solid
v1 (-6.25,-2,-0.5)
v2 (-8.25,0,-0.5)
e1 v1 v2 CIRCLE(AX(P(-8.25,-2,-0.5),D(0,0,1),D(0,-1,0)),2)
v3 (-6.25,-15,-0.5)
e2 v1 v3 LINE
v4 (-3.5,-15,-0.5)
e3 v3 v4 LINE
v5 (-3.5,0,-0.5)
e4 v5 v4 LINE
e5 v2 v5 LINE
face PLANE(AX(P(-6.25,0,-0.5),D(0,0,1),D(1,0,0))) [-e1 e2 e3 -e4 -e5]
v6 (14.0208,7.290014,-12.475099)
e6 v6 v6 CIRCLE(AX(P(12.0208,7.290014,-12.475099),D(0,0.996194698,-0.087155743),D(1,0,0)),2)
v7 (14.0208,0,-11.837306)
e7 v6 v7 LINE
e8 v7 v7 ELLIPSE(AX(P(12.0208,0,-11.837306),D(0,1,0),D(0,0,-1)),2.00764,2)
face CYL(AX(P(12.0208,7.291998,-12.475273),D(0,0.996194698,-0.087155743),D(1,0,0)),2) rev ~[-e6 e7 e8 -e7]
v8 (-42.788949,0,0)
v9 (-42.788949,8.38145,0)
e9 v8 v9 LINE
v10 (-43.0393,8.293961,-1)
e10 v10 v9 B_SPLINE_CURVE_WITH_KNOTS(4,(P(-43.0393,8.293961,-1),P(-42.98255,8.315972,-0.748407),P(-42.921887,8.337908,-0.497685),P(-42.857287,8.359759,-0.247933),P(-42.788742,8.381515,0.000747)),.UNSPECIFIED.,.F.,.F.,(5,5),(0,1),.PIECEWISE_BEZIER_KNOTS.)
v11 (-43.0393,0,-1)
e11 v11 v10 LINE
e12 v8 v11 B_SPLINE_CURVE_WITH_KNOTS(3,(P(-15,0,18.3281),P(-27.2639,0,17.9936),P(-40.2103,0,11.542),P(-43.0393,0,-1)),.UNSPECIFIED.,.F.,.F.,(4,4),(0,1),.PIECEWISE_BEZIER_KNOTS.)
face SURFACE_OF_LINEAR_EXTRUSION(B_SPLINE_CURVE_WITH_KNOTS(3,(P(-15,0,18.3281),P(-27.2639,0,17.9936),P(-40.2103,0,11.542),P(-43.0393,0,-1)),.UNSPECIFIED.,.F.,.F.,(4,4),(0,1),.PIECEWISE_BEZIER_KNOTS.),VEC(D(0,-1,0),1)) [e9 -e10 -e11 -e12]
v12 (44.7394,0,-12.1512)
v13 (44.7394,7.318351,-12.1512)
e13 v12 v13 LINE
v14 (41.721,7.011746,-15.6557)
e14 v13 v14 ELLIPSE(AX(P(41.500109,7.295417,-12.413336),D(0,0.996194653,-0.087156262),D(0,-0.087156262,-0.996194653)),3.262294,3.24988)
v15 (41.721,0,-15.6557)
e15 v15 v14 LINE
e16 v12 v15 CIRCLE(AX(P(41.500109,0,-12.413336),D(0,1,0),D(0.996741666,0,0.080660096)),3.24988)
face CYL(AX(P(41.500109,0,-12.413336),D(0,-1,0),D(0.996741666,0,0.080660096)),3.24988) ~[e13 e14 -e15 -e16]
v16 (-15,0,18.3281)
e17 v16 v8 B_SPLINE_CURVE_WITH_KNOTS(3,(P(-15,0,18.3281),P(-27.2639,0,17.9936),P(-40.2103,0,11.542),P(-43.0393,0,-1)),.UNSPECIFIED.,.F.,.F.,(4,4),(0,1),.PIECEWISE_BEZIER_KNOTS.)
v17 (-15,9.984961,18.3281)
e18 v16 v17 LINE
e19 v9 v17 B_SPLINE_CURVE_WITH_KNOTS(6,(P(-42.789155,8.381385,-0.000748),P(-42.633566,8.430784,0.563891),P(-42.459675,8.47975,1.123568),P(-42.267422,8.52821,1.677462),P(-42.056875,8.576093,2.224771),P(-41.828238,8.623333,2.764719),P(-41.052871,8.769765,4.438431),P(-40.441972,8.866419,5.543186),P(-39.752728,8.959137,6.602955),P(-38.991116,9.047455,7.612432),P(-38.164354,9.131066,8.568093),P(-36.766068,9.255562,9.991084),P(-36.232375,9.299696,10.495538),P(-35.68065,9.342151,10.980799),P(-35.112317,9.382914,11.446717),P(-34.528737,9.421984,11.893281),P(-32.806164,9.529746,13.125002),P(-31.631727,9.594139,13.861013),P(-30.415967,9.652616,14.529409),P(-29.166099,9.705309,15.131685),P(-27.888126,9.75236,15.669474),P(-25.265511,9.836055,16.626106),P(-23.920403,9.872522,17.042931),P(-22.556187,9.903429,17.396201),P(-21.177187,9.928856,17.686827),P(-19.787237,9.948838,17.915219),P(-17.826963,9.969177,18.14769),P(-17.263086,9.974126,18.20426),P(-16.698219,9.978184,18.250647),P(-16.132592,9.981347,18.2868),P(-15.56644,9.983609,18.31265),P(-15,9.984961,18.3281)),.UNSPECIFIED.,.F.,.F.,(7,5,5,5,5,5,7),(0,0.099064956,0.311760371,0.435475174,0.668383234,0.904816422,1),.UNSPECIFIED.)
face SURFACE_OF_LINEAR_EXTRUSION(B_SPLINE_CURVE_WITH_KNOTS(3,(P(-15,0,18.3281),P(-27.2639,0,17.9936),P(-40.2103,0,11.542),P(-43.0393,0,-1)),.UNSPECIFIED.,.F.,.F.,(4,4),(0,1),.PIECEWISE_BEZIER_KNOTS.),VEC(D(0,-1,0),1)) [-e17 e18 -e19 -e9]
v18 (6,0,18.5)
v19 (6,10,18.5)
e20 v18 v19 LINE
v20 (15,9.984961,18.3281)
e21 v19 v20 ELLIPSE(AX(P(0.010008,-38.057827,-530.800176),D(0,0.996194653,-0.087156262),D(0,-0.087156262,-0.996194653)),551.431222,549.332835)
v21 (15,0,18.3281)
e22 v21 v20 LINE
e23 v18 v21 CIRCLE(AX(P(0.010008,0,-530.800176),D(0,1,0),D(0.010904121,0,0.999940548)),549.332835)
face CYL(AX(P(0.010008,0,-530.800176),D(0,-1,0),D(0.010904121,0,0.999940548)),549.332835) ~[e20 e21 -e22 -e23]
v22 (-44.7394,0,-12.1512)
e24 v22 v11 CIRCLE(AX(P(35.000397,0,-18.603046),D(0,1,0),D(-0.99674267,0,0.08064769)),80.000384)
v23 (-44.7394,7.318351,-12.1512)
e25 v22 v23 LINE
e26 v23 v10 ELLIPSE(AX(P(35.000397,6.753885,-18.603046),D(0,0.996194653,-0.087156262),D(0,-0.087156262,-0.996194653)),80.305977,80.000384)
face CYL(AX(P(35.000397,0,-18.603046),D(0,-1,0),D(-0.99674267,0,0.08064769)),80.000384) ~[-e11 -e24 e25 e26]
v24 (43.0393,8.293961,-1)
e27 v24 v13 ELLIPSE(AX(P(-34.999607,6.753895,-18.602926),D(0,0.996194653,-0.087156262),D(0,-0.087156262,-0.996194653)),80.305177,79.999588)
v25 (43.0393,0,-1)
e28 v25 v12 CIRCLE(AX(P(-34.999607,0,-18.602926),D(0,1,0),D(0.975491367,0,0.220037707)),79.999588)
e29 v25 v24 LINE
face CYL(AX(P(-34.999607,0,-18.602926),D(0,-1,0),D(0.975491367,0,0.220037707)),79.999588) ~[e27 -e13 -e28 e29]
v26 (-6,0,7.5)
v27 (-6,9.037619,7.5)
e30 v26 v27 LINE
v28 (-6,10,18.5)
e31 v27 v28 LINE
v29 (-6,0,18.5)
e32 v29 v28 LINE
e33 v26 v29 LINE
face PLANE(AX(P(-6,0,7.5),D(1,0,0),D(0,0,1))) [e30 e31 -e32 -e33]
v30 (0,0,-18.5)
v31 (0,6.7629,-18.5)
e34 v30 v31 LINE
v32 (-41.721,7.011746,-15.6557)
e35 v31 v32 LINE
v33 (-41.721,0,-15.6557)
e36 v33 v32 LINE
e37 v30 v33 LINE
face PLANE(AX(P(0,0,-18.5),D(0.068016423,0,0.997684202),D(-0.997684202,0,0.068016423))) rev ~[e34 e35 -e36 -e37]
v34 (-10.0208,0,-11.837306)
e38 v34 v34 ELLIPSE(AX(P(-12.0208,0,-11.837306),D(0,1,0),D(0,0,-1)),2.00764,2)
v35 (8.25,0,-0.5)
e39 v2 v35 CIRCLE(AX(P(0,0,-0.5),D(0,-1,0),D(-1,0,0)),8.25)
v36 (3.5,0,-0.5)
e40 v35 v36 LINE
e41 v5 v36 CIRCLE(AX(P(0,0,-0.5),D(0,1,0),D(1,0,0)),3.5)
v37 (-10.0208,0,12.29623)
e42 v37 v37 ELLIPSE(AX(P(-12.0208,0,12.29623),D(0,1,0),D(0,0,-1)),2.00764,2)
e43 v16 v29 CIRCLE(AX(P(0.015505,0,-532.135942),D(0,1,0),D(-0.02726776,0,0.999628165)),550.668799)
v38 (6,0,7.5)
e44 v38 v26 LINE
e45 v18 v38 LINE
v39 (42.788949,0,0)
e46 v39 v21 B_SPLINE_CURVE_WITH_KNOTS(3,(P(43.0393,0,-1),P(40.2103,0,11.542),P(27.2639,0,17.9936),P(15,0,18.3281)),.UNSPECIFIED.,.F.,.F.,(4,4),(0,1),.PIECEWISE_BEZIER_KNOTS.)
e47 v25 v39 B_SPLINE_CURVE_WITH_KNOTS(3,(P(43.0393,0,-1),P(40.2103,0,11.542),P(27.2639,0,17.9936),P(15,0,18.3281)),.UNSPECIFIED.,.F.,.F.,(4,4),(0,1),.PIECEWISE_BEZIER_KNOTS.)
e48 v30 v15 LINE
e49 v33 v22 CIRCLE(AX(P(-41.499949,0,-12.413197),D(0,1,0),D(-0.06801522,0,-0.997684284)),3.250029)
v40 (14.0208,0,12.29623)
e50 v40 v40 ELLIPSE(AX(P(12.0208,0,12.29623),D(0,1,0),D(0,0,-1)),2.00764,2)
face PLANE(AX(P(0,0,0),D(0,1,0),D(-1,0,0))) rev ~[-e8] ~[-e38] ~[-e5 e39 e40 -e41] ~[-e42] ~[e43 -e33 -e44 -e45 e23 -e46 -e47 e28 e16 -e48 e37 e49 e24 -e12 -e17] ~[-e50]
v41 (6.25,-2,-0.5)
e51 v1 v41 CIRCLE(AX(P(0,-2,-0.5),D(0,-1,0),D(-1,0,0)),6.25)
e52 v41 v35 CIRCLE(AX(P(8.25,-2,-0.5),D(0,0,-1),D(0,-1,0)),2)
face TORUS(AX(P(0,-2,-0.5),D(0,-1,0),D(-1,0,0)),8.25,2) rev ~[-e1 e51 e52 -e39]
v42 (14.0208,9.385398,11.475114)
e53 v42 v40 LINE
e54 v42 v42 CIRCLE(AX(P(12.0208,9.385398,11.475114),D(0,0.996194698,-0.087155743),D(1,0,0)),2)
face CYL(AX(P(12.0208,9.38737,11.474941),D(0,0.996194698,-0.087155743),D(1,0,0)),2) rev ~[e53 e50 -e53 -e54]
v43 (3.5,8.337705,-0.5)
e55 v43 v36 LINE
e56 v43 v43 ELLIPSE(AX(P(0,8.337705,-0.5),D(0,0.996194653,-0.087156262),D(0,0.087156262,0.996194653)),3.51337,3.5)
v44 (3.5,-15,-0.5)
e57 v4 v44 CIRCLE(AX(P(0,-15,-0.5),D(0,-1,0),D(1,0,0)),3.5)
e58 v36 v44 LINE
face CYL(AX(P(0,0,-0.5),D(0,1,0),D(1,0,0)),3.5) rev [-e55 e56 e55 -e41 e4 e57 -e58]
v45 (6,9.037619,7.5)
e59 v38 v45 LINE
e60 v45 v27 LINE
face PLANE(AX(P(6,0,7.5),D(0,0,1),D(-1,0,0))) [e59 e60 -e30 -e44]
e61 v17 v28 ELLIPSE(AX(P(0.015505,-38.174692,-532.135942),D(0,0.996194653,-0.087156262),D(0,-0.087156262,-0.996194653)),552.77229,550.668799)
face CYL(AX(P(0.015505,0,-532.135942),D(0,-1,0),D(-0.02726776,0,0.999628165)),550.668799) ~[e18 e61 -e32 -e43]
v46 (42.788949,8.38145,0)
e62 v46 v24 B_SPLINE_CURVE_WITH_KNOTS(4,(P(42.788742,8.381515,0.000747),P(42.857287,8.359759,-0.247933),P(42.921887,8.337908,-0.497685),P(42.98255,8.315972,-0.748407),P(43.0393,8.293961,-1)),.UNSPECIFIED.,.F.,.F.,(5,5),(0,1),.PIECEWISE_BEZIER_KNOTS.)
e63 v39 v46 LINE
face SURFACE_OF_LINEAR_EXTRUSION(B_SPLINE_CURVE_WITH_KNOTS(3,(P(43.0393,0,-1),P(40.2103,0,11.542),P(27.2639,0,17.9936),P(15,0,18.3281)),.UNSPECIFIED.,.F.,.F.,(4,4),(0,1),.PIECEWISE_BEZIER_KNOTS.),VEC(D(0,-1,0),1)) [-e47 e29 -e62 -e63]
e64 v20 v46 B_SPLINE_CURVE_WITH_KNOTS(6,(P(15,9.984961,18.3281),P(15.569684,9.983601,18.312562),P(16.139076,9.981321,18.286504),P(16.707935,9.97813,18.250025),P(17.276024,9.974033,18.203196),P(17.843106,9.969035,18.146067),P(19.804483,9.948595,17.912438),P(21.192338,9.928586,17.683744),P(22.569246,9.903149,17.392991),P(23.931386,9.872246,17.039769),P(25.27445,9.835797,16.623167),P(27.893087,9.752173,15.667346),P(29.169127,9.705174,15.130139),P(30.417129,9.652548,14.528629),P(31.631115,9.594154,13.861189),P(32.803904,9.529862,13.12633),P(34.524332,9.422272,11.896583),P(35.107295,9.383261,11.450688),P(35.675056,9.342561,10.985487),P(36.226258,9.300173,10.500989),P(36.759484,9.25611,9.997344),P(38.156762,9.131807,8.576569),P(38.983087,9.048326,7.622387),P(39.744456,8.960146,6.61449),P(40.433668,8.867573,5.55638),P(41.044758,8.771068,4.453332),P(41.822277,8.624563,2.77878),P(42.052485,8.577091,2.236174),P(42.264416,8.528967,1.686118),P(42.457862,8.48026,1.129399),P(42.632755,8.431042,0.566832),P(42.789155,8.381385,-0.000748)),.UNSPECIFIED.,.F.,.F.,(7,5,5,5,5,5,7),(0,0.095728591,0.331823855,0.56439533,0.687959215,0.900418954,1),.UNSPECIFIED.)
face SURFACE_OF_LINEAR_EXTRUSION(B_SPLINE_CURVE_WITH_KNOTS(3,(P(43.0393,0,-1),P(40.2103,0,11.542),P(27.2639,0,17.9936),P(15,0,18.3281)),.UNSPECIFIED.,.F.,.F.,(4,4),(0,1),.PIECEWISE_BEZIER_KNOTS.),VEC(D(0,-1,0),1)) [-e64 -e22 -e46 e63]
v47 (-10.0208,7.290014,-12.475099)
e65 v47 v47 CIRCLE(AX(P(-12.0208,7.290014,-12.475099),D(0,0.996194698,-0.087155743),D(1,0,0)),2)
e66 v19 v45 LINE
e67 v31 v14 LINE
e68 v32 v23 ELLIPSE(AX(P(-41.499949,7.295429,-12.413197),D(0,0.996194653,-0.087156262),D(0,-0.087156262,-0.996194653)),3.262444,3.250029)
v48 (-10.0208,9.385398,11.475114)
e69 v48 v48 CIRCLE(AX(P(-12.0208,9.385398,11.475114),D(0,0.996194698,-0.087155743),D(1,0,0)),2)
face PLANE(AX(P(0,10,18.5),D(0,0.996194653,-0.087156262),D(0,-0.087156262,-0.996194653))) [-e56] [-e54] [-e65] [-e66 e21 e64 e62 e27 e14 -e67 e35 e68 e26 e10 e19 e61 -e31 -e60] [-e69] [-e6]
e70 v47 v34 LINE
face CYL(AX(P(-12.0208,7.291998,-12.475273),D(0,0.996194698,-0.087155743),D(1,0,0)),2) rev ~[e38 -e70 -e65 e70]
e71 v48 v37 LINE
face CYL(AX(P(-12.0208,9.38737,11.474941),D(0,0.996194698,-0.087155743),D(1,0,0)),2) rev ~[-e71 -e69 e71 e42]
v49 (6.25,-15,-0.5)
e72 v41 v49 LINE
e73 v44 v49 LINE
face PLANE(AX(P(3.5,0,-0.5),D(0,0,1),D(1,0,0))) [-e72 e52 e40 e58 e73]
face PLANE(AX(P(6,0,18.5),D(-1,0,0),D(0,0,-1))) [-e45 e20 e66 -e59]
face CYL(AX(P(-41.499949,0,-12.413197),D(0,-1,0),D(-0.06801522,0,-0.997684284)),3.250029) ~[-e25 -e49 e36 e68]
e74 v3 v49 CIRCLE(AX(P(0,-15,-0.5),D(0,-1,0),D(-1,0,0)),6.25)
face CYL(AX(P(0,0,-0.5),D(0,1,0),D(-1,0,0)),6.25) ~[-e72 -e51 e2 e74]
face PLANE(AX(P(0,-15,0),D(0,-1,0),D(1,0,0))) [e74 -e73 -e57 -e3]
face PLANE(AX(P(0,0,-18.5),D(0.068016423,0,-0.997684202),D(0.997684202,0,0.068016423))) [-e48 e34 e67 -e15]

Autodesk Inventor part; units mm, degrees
ref_plane "YZ Plane" through (0, 0, 0) normal (1, 0, 0) x (0, 1, 0)
ref_plane "XZ Plane" through (0, 0, 0) normal (0, 1, 0) x (-1, 0, 0)
ref_plane "XY Plane" through (0, 0, 0) normal (0, 0, 1) x (1, 0, 0)
sketch "Skizze1" plane through (0, 0, 0) normal (0, 1, 0) x (-1, 0, 0)
  line L0 (0, -18.5) -> (0, 18.5) construction
  arc A0 (41.721, -15.6557) -> (44.7394, -12.1512) centre (41.5, -12.4133) ccw
  arc A1 (-44.7394, -12.1512) -> (-41.721, -15.6557) centre (-41.5, -12.4133) ccw
  line L1 (0, -18.5) -> (-41.721, -15.6557)
  line L2 (0, -18.5) -> (41.721, -15.6557)
  line L3 (65.5763, 0) -> (-65.5763, 0) projected
  line L4 (-6, 7.5) -> (6, 7.5)
  line L5 (6, 7.5) -> (6, 18.5)
  line L6 (6, 18.5) -> (-6, 18.5) construction
  line L7 (-6, 18.5) -> (-6, 7.5)
  line L8 (-6, 7.5) -> (6, 18.5) construction
  line L9 (6, 7.5) -> (-6, 18.5) construction
  arc A2 (-43.0393, -1) -> (-44.7394, -12.1512) centre (35, -18.603) ccw
  spline S0 degree 3 poles (-43.0393, -1) (-40.2103, 11.542) (-27.2639, 17.9936) (-15, 18.3281) knots 0 0 0 0 1 1 1 1
  arc A3 (44.7394, -12.1512) -> (43.0393, -1) centre (-35, -18.603) ccw
  spline S1 degree 3 poles (15, 18.3281) (27.2639, 17.9936) (40.2103, 11.542) (43.0393, -1) knots 0 0 0 0 1 1 1 1
  arc A4 (15, 18.3281) -> (6, 18.5) centre (0, -531.4673) ccw
  arc A5 (-6, 18.5) -> (-15, 18.3281) centre (0, -531.4673) ccw
  point P0 (0, 0)
  point P1 (0, 0)
  point P2 (0, 13)
  dimension "d3" = 6.5
  dimension "d4" = 3.9
  dimension "d5" = 83
  dimension "d6" = 12
  dimension "d9" = 80
  dimension "d10" = 70
  dimension "d12" = 30
  dimension "d13" = 550
  dimension "d14" = 26
  dimension "d15" = 11
  dimension "d16" = 1
extrude "Extrusion1" add sketch "Skizze1" along normal blind 10
sketch "Skizze2" plane through (0, 10, 0) normal (0, 1, 0) x (1, 0, 0)
  circle A0 centre (0, 0.5) radius 3.5
  line L0 (12.0208, 12.5208) -> (-12.0208, 12.5208) construction
  line L1 (-12.0208, 12.5208) -> (-12.0208, -11.5208) construction
  line L2 (-12.0208, -11.5208) -> (12.0208, -11.5208) construction
  line L3 (12.0208, -11.5208) -> (12.0208, 12.5208) construction
  line L4 (12.0208, 12.5208) -> (-12.0208, -11.5208) construction
  line L5 (-12.0208, 12.5208) -> (12.0208, -11.5208) construction
  line L6 (-12.0208, -11.5208) -> (-6.364, -17.1777) construction
  line L7 (12.0208, 12.5208) -> (17.6777, 6.864) construction
  line L8 (12.0208, -11.5208) -> (6.364, -17.1777) construction
  line L9 (-12.0208, 12.5208) -> (-17.6777, 6.864) construction
  circle A1 centre (12.0208, -11.5208) radius 2
  circle A2 centre (-12.0208, -11.5208) radius 2
  circle A3 centre (-12.0208, 12.5208) radius 2
  circle A4 centre (12.0208, 12.5208) radius 2
  point P0 (0, 18.5)
  point P1 (0, 0)
  dimension "d17" = 7
  dimension "d20" = 18
  dimension "d27" = 8
  dimension "d28" = 8
  dimension "d29" = 8
  dimension "d30" = 8
  dimension "d31" = 34
  dimension "d32" = 4
  dimension "d33" = 34
  dimension "d34" = 45
extrude "Extrusion2" cut sketch "Skizze2" against normal up to next contours A0
sketch "Skizze3" plane through (0, 0, 0) normal (0, -1, 0) x (1, 0, 0)
  circle A0 centre (0, -0.5) radius 3.5 projected
  arc A1 (-6.25, -0.5) -> (6.25, -0.5) centre (0, -0.5) ccw
  line L0 (-6.25, -0.5) -> (-3.5, -0.5)
  circle A2 centre (0, -0.5) radius 3.5 projected
  line L1 (3.5, -0.5) -> (6.25, -0.5)
  point P0 (0, 0)
  dimension "d21" = 12.5
extrude "Extrusion3" add sketch "Skizze3" along normal blind 15 contours L1 A1 L0 A0
fillet "Rundung1" radius 2 1 edges at (0, 0, -6.75)
sketch "Skizze5" plane through (0, 0, 0) normal (1, 0, 0) x (0, 1, 0)
  line L0 (10, 18.5) -> (6.7629, -18.5)
  line L1 (6.7629, -18.5) -> (10, -18.5)
  line L2 (10, -18.5) -> (10, 18.5)
  line L3 (10, 3) -> (10, -4) projected
  line L4 (10, -15.6557) -> (10, -18.5) projected
  line L5 (10, -18.5) -> (10, -15.6557) projected
  line L6 (10, -15.6557) -> (10, -12.1512) projected
  line L7 (10, -12.1512) -> (10, -1) projected
  line L8 (10, -1) -> (10, 18.3281) projected
  line L9 (10, 18.3281) -> (10, 18.5) projected
  line L10 (10, 18.5) -> (10, 7.5) projected
  line L11 (10, 7.5) -> (10, 18.5) projected
  line L12 (10, 18.5) -> (10, 18.3281) projected
  line L13 (10, 18.3281) -> (10, -1) projected
  line L14 (10, -1) -> (10, -12.1512) projected
  line L15 (10, -12.1512) -> (10, -15.6557) projected
  point P0 (0, 0)
  dimension "d35" = 5
extrude "Extrusion4" cut sketch "Skizze5" along normal through all both and the other way through all
sketch "Skizze6" plane through (-6, 9.0376, 7.5) normal (0, 0.9962, -0.0872) x (1, 0, 0)
  line L0 (18.0208, 20.0514) -> (-6.0208, 20.0514) construction
  line L1 (-6.0208, 20.0514) -> (-6.0208, -3.9903) construction
  line L2 (-6.0208, -3.9903) -> (18.0208, -3.9903) construction
  line L3 (18.0208, -3.9903) -> (18.0208, 20.0514) construction
  ellipse E0 centre (6, 8.0306) end of major axis (6, 11.5439) minor radius 3.5 projected
  line L4 (18.0208, 20.0514) -> (-6.0208, -3.9903) construction
  line L5 (-6.0208, 20.0514) -> (18.0208, -3.9903) construction
  line L6 (-6.0208, -3.9903) -> (-2.4853, -7.5258) construction
  line L7 (18.0208, 20.0514) -> (21.5563, 16.5158) construction
  circle A0 centre (18.0208, -3.9903) radius 2
  circle A1 centre (-6.0208, -3.9903) radius 2
  circle A2 centre (-6.0208, 20.0514) radius 2
  circle A3 centre (18.0208, 20.0514) radius 2
  point P0 (6, 8.2591)
  dimension "d38" = 45
  dimension "d39" = 5
  dimension "d40" = 5
  dimension "d41" = 34
  dimension "d42" = 4
extrude "Extrusion5" cut sketch "Skizze6" against normal blind 10 contours A0 | A1 | A2 | A3
equation "\"G_L\" = 0"
equation "\"G_H\" = 0"
equation "\"G_B\" = 0"
properties part number "Motormount_5grad" material "GEDA Stahl"
